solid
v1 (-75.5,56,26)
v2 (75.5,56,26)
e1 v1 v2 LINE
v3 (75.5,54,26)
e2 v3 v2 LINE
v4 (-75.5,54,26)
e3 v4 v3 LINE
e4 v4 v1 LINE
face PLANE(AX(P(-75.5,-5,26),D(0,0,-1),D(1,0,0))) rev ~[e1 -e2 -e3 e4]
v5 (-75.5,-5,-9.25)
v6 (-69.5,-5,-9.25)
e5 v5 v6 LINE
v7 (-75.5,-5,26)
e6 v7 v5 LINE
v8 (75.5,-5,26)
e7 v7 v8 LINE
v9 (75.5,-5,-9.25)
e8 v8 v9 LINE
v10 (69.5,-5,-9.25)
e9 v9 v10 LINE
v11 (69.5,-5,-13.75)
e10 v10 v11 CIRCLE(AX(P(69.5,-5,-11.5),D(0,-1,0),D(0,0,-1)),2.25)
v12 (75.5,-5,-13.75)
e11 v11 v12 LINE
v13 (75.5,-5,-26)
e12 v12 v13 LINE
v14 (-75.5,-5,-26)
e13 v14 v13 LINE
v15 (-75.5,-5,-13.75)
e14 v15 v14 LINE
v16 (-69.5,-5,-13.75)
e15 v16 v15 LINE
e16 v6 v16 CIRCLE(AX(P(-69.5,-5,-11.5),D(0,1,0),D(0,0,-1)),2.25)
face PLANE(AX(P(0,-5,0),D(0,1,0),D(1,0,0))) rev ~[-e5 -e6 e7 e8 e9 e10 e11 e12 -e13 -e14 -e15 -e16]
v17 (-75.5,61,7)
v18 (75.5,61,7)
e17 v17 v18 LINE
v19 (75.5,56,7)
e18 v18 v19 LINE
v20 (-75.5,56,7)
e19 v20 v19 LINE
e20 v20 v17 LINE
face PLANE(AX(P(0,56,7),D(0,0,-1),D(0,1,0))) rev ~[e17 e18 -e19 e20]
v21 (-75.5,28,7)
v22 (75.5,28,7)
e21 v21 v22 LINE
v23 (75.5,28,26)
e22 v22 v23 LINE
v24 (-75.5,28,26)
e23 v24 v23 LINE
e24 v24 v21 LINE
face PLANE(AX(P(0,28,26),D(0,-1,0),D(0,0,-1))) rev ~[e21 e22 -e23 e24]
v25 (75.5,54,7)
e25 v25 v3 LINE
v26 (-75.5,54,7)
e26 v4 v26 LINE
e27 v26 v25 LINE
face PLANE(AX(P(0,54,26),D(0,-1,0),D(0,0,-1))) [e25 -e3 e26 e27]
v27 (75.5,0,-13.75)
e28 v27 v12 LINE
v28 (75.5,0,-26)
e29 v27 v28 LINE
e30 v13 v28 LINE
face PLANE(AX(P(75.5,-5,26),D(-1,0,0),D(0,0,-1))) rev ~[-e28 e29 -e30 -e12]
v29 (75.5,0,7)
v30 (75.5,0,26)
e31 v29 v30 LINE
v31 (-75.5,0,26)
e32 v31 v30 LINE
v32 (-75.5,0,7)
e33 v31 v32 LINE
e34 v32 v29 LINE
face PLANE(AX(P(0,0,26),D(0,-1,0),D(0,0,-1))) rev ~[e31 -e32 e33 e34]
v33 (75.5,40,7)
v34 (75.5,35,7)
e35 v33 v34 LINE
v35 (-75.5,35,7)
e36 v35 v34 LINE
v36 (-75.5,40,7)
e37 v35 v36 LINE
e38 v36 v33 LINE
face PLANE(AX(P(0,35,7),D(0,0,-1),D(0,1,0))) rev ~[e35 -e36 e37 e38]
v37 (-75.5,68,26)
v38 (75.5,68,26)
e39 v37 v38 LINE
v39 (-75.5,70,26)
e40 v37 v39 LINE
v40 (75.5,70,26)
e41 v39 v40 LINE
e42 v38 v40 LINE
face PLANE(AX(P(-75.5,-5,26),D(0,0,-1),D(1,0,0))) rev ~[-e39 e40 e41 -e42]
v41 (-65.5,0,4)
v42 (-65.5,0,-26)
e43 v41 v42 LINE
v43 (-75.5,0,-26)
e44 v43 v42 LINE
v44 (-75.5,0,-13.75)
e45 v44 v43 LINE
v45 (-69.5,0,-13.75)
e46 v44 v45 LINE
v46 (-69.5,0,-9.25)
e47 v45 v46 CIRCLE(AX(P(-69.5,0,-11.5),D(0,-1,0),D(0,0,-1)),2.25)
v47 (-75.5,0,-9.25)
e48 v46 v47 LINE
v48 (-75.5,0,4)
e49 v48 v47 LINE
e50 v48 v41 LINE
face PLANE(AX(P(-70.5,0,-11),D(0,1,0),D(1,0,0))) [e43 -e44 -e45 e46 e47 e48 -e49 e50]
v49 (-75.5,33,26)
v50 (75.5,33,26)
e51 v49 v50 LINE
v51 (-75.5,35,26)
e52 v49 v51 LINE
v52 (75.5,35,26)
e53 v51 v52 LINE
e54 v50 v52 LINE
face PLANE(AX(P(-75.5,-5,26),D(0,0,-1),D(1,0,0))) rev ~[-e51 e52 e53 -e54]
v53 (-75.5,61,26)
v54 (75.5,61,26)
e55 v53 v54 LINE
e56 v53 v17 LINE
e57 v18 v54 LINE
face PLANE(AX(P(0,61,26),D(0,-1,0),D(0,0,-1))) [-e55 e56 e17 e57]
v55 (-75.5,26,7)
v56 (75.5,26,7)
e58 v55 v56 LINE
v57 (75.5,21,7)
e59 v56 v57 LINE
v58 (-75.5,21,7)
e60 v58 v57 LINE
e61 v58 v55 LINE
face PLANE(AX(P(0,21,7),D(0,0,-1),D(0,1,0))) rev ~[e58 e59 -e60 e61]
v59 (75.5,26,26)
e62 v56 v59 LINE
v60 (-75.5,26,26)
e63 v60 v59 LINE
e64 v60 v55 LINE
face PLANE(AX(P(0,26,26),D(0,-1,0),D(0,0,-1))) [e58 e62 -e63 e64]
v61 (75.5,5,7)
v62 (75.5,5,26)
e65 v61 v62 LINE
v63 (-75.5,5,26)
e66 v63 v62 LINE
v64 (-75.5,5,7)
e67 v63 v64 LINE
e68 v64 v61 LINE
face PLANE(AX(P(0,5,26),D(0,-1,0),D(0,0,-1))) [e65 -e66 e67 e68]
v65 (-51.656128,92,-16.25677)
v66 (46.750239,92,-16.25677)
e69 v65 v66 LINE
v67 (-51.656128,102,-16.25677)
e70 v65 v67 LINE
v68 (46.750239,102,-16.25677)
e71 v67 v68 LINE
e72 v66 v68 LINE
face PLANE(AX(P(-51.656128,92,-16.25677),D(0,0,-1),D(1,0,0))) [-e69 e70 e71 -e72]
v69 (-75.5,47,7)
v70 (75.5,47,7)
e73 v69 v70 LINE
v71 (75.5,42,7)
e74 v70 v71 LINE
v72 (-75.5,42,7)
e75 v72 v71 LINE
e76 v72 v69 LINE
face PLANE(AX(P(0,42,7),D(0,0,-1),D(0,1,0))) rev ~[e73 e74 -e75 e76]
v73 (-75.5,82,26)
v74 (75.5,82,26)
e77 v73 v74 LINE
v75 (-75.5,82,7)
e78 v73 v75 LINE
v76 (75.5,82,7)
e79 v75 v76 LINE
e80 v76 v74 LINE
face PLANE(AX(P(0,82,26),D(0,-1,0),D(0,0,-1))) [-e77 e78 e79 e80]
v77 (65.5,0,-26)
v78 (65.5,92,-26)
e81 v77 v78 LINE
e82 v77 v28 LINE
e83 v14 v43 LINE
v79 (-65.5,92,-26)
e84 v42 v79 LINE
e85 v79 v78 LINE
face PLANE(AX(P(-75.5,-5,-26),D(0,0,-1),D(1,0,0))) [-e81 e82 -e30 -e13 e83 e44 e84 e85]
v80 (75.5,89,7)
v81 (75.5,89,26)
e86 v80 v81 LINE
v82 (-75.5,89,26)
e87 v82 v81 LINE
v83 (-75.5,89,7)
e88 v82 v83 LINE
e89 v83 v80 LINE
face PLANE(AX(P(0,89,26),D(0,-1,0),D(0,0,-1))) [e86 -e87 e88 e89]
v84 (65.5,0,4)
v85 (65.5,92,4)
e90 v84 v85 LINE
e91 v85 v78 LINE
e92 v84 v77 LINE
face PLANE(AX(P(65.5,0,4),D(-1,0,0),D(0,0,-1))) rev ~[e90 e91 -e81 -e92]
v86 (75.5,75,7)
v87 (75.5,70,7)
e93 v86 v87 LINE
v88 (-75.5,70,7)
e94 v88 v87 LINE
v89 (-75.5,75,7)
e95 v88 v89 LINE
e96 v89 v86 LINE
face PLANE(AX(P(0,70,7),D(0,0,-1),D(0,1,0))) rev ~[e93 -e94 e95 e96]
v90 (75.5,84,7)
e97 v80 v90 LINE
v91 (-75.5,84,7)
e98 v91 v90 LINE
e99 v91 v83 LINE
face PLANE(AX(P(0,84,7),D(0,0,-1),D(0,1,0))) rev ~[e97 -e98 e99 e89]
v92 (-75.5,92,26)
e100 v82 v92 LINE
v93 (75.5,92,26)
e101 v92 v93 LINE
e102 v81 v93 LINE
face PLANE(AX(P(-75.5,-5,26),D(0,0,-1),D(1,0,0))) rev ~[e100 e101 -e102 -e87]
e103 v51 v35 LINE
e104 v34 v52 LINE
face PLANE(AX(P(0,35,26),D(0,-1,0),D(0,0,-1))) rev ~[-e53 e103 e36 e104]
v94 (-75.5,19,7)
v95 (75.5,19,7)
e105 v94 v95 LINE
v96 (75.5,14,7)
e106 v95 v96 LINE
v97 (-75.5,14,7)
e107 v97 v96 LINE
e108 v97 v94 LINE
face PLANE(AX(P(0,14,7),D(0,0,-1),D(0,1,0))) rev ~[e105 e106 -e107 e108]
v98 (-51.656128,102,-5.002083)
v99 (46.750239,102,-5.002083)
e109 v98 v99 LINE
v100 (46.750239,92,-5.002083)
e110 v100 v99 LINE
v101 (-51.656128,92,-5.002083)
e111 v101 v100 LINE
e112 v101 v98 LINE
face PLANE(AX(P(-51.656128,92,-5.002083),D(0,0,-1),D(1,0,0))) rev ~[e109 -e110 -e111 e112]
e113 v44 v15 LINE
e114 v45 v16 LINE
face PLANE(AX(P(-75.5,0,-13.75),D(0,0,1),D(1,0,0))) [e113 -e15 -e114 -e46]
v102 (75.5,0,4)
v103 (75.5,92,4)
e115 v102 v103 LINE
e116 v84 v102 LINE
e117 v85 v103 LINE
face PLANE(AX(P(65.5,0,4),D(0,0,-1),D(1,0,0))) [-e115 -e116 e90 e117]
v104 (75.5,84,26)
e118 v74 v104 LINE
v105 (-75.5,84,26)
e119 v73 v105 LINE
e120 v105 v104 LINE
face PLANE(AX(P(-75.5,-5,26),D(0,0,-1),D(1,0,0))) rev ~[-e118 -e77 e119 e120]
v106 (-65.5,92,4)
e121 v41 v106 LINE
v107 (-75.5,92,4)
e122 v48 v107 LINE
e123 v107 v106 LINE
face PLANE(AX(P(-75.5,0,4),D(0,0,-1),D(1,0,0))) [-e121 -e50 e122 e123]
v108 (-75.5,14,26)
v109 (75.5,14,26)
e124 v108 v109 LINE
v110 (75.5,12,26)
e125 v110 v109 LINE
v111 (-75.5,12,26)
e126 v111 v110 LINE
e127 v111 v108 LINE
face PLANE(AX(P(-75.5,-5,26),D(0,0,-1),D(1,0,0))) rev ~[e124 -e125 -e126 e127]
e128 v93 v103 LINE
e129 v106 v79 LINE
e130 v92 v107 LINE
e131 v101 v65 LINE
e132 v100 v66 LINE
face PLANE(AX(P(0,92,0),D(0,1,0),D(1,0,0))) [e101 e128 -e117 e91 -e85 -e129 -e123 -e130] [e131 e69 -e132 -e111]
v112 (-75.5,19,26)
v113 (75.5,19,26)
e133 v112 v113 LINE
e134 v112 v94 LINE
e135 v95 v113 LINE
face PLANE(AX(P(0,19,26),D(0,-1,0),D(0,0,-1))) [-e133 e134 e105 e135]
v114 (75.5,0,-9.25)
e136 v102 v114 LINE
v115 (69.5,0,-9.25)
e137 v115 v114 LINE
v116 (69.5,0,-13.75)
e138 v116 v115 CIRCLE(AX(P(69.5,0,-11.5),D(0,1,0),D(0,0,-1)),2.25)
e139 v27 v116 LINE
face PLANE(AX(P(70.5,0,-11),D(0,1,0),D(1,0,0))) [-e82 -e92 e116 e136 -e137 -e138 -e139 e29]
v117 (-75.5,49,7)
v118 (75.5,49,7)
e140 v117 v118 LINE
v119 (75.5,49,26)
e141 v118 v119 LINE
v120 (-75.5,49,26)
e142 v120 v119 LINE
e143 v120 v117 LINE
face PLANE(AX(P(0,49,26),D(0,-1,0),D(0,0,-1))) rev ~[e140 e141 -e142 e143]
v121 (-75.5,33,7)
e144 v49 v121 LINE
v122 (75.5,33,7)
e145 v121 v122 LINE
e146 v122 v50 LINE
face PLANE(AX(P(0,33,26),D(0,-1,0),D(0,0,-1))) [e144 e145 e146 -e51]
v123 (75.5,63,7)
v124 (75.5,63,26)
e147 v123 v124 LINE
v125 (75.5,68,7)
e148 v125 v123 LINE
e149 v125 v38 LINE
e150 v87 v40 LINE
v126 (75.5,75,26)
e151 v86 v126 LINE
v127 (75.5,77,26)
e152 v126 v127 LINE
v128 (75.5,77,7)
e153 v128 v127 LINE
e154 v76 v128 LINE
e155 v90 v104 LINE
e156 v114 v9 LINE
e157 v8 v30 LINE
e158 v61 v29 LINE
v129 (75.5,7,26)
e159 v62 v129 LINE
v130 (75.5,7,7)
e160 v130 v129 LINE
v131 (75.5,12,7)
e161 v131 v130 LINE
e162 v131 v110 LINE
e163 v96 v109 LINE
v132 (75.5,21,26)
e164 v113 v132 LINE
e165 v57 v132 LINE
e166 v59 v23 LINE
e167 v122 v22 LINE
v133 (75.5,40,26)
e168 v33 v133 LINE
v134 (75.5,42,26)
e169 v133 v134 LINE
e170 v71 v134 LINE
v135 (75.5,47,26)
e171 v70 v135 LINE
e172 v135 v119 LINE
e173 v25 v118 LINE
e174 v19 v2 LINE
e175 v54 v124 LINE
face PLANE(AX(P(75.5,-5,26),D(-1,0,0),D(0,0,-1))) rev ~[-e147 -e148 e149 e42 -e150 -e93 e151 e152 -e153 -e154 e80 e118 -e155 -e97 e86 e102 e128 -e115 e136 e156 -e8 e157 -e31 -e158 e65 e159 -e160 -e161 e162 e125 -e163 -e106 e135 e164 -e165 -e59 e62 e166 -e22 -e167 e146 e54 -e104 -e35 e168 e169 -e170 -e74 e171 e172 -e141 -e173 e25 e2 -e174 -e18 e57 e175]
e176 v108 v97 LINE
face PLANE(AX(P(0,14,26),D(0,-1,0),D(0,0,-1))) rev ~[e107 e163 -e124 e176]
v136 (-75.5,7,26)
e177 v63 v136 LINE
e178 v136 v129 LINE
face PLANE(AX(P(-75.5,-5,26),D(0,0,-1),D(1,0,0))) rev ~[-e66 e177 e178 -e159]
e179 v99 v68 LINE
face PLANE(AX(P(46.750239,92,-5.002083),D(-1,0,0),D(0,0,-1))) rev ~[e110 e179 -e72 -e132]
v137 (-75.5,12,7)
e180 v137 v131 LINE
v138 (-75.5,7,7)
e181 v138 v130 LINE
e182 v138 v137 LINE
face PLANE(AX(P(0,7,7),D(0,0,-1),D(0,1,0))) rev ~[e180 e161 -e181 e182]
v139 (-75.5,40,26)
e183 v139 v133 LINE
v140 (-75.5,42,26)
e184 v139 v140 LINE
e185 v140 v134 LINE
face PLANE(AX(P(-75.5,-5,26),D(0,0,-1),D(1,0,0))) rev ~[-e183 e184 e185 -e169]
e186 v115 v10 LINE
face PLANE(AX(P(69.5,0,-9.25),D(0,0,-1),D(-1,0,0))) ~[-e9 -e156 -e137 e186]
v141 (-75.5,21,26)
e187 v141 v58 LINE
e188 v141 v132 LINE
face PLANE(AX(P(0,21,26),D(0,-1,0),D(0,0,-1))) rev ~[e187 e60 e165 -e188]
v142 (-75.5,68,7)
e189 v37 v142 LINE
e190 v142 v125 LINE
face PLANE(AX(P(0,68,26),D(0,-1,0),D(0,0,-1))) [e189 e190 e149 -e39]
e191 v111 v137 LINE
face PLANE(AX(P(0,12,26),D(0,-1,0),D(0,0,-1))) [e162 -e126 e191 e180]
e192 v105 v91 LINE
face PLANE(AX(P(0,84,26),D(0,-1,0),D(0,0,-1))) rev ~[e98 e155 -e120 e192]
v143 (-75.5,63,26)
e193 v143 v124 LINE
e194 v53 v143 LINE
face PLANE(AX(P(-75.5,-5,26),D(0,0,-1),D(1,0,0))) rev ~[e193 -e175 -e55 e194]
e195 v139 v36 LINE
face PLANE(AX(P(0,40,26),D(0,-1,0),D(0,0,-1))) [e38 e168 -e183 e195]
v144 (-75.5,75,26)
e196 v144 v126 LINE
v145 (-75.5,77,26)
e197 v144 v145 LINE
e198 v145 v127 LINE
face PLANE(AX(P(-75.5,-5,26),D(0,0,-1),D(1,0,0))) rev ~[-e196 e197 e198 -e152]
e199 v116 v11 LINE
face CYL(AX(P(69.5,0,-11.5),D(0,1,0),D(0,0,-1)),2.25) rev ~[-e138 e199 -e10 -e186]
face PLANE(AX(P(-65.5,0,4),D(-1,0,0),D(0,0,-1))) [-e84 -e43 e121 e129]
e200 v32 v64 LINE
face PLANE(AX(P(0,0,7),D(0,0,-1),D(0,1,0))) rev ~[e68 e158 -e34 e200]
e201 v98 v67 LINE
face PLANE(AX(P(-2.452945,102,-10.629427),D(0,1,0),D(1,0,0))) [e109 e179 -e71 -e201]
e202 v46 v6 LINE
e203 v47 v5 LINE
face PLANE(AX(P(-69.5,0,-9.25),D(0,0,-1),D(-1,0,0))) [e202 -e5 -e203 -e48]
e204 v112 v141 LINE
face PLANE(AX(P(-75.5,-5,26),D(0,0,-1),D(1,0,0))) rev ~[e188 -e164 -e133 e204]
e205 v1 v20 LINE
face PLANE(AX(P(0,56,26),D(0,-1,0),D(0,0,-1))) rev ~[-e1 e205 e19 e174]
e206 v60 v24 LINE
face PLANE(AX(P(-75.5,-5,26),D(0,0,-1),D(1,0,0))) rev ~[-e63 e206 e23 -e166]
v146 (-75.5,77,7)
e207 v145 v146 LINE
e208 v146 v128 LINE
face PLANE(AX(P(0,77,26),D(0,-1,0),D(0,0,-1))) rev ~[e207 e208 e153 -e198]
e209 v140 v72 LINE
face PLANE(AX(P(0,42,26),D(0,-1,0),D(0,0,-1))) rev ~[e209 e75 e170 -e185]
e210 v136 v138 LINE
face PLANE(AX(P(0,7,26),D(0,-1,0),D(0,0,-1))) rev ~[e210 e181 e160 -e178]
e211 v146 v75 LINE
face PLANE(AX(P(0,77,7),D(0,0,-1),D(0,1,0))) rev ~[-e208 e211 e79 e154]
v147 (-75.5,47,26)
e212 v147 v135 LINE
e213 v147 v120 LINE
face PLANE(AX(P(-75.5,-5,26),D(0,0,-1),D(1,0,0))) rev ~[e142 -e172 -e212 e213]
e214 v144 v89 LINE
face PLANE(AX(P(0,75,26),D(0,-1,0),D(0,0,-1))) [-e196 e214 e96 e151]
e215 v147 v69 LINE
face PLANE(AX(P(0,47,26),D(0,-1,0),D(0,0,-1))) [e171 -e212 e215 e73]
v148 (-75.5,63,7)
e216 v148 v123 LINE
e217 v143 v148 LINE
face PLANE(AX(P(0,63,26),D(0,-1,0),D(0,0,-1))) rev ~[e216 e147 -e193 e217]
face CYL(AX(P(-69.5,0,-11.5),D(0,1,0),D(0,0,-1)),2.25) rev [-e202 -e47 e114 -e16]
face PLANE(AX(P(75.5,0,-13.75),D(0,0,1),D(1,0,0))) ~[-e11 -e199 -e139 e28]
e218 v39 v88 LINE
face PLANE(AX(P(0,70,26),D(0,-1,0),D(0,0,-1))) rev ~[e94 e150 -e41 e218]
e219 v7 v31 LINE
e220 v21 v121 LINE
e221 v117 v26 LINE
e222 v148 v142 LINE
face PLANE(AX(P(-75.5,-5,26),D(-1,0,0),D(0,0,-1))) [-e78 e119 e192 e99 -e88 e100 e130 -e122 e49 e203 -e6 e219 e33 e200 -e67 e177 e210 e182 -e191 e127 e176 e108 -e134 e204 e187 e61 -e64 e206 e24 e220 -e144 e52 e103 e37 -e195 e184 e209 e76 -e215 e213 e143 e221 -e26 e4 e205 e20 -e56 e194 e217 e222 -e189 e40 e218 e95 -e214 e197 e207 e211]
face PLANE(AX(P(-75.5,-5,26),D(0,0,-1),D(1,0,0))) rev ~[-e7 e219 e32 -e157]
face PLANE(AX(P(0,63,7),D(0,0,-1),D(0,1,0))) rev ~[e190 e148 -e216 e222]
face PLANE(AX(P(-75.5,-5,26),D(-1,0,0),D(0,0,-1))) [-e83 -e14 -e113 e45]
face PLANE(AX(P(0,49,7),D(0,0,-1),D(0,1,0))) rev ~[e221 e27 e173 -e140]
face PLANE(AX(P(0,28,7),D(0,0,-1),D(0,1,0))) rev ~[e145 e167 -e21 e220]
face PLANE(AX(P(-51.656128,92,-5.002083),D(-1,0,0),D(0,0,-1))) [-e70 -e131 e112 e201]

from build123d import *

# Parameters (mm, degrees)
BOSS_EXTRUDE1_DEPTH            = 92
BOSS_EXTRUDE1_DEPTH_BACK       = 5
SKETCH1_W                      = 151
SKETCH1_H                      = 52
CUT_EXTRUDE1_REACH             = 123.821
SKETCH2_W                      = 10
SKETCH2_H                      = 30
CUT_EXTRUDE2_REACH             = 123.821
CUT_EXTRUDE3_REACH             = 123.821
SKETCH4_W                      = 19
SKETCH4_H                      = 5
CUT_EXTRUDE3_DIRECTION_2_REACH = 123.821
LPATTERN1_COUNT                = 13
LPATTERN1_PITCH                = 7
SKETCH5_W                      = 98.406366265
SKETCH5_H                      = 11.254687051
BOSS_EXTRUDE2_DEPTH            = 10


with BuildPart() as part:
    # Sketch1 → Boss-Extrude1 (new, two sides: drawn at the far end of the back side and taken through both)
    with BuildSketch(Plane(origin=(0, 0, 0), x_dir=(1, 0, 0), z_dir=(0, 1, 0)).offset(-BOSS_EXTRUDE1_DEPTH_BACK)):
        Rectangle(SKETCH1_W, SKETCH1_H)
    extrude(amount=BOSS_EXTRUDE1_DEPTH + BOSS_EXTRUDE1_DEPTH_BACK)

    # Sketch2 → Cut-Extrude1 (cut, up to next)
    with BuildSketch(Plane(origin=(0, 0, 0), x_dir=(1, 0, 0), z_dir=(0, 1, 0)), mode=Mode.PRIVATE) as cut_extrude1_sk1:
        with Locations((-70.5, 11)):
            Rectangle(SKETCH2_W, SKETCH2_H)
    cut_extrude1_tool1 = extrude(cut_extrude1_sk1.sketch, amount=CUT_EXTRUDE1_REACH, mode=Mode.PRIVATE) & part.part
    # Sketch2 → Cut-Extrude1 (cut, up to next)
    with BuildSketch(Plane(origin=(0, 0, 0), x_dir=(1, 0, 0), z_dir=(0, 1, 0)), mode=Mode.PRIVATE) as cut_extrude1_sk2:
        with Locations((70.5, 11)):
            Rectangle(SKETCH2_W, SKETCH2_H)
    cut_extrude1_tool2 = extrude(cut_extrude1_sk2.sketch, amount=CUT_EXTRUDE1_REACH, mode=Mode.PRIVATE) & part.part
    add(cut_extrude1_tool1.solids().sort_by_distance((-70.5, 0, -11))[0], mode=Mode.SUBTRACT)
    add(cut_extrude1_tool2.solids().sort_by_distance((70.5, 0, -11))[0], mode=Mode.SUBTRACT)

    # Sketch3 → Cut-Extrude2 (cut, up to next)
    with BuildSketch(Plane(origin=(0, 0, 0), x_dir=(1, 0, 0), z_dir=(0, 1, 0)), mode=Mode.PRIVATE) as cut_extrude2_sk1:
        with BuildLine():
            Line((-69.5, 9.25), (-75.5, 9.25))
            Line((-75.5, 9.25), (-75.5, 13.75))
            Line((-75.5, 13.75), (-69.5, 13.75))
            ThreePointArc((-69.5, 13.75), (-67.25, 11.5), (-69.5, 9.25))
        make_face()
    cut_extrude2_tool1 = extrude(cut_extrude2_sk1.sketch, amount=-CUT_EXTRUDE2_REACH, mode=Mode.PRIVATE) & part.part
    cut_extrude2 = cut_extrude2_tool1.solids().sort_by_distance((-71.600192, 0, -11.5))[0]
    add(cut_extrude2, mode=Mode.SUBTRACT)

    # Mirror1: Cut-Extrude2 across plane
    add(cut_extrude2.mirror(Plane(origin=(0, 0, 0), x_dir=(0, 0, 1), z_dir=(1, 0, 0))), mode=Mode.SUBTRACT)

    # Sketch4 → Cut-Extrude3 (cut, up to next)
    with BuildSketch(Plane(origin=(0, 0, 0), x_dir=(0, 0, -1), z_dir=(1, 0, 0)), mode=Mode.PRIVATE) as cut_extrude3_sk1:
        with Locations((-16.5, 2.5)):
            Rectangle(SKETCH4_W, SKETCH4_H)
    cut_extrude3_tool1 = extrude(cut_extrude3_sk1.sketch, amount=-CUT_EXTRUDE3_REACH, mode=Mode.PRIVATE) & part.part
    cut_extrude3 = cut_extrude3_tool1.solids().sort_by_distance((0, 2.5, 16.5))[0]
    add(cut_extrude3, mode=Mode.SUBTRACT)

    # Sketch4 → Cut-Extrude3 direction 2 (cut, up to next)
    with BuildSketch(Plane(origin=(0, 0, 0), x_dir=(0, 0, -1), z_dir=(1, 0, 0)), mode=Mode.PRIVATE) as cut_extrude3_direction_2_sk1:
        with Locations((-16.5, 2.5)):
            Rectangle(SKETCH4_W, SKETCH4_H)
    cut_extrude3_direction_2_tool1 = extrude(cut_extrude3_direction_2_sk1.sketch, amount=CUT_EXTRUDE3_DIRECTION_2_REACH, mode=Mode.PRIVATE) & part.part
    cut_extrude3_direction_2 = cut_extrude3_direction_2_tool1.solids().sort_by_distance((0, 2.5, 16.5))[0]
    add(cut_extrude3_direction_2, mode=Mode.SUBTRACT)

    # LPattern1: Cut-Extrude3, Cut-Extrude3 direction 2 ×13
    with Locations(*[(0, i * LPATTERN1_PITCH, 0) for i in range(1, LPATTERN1_COUNT)]):
        add(cut_extrude3, mode=Mode.SUBTRACT)
        add(cut_extrude3_direction_2, mode=Mode.SUBTRACT)

    # Sketch5 → Boss-Extrude2 (add)
    with BuildSketch(Plane(origin=(0, 92, 0), x_dir=(1, 0, 0), z_dir=(0, 1, 0))):
        with Locations((-2.452944614, 10.629426659)):
            Rectangle(SKETCH5_W, SKETCH5_H)
    extrude(amount=BOSS_EXTRUDE2_DEPTH)


solid = part.part
